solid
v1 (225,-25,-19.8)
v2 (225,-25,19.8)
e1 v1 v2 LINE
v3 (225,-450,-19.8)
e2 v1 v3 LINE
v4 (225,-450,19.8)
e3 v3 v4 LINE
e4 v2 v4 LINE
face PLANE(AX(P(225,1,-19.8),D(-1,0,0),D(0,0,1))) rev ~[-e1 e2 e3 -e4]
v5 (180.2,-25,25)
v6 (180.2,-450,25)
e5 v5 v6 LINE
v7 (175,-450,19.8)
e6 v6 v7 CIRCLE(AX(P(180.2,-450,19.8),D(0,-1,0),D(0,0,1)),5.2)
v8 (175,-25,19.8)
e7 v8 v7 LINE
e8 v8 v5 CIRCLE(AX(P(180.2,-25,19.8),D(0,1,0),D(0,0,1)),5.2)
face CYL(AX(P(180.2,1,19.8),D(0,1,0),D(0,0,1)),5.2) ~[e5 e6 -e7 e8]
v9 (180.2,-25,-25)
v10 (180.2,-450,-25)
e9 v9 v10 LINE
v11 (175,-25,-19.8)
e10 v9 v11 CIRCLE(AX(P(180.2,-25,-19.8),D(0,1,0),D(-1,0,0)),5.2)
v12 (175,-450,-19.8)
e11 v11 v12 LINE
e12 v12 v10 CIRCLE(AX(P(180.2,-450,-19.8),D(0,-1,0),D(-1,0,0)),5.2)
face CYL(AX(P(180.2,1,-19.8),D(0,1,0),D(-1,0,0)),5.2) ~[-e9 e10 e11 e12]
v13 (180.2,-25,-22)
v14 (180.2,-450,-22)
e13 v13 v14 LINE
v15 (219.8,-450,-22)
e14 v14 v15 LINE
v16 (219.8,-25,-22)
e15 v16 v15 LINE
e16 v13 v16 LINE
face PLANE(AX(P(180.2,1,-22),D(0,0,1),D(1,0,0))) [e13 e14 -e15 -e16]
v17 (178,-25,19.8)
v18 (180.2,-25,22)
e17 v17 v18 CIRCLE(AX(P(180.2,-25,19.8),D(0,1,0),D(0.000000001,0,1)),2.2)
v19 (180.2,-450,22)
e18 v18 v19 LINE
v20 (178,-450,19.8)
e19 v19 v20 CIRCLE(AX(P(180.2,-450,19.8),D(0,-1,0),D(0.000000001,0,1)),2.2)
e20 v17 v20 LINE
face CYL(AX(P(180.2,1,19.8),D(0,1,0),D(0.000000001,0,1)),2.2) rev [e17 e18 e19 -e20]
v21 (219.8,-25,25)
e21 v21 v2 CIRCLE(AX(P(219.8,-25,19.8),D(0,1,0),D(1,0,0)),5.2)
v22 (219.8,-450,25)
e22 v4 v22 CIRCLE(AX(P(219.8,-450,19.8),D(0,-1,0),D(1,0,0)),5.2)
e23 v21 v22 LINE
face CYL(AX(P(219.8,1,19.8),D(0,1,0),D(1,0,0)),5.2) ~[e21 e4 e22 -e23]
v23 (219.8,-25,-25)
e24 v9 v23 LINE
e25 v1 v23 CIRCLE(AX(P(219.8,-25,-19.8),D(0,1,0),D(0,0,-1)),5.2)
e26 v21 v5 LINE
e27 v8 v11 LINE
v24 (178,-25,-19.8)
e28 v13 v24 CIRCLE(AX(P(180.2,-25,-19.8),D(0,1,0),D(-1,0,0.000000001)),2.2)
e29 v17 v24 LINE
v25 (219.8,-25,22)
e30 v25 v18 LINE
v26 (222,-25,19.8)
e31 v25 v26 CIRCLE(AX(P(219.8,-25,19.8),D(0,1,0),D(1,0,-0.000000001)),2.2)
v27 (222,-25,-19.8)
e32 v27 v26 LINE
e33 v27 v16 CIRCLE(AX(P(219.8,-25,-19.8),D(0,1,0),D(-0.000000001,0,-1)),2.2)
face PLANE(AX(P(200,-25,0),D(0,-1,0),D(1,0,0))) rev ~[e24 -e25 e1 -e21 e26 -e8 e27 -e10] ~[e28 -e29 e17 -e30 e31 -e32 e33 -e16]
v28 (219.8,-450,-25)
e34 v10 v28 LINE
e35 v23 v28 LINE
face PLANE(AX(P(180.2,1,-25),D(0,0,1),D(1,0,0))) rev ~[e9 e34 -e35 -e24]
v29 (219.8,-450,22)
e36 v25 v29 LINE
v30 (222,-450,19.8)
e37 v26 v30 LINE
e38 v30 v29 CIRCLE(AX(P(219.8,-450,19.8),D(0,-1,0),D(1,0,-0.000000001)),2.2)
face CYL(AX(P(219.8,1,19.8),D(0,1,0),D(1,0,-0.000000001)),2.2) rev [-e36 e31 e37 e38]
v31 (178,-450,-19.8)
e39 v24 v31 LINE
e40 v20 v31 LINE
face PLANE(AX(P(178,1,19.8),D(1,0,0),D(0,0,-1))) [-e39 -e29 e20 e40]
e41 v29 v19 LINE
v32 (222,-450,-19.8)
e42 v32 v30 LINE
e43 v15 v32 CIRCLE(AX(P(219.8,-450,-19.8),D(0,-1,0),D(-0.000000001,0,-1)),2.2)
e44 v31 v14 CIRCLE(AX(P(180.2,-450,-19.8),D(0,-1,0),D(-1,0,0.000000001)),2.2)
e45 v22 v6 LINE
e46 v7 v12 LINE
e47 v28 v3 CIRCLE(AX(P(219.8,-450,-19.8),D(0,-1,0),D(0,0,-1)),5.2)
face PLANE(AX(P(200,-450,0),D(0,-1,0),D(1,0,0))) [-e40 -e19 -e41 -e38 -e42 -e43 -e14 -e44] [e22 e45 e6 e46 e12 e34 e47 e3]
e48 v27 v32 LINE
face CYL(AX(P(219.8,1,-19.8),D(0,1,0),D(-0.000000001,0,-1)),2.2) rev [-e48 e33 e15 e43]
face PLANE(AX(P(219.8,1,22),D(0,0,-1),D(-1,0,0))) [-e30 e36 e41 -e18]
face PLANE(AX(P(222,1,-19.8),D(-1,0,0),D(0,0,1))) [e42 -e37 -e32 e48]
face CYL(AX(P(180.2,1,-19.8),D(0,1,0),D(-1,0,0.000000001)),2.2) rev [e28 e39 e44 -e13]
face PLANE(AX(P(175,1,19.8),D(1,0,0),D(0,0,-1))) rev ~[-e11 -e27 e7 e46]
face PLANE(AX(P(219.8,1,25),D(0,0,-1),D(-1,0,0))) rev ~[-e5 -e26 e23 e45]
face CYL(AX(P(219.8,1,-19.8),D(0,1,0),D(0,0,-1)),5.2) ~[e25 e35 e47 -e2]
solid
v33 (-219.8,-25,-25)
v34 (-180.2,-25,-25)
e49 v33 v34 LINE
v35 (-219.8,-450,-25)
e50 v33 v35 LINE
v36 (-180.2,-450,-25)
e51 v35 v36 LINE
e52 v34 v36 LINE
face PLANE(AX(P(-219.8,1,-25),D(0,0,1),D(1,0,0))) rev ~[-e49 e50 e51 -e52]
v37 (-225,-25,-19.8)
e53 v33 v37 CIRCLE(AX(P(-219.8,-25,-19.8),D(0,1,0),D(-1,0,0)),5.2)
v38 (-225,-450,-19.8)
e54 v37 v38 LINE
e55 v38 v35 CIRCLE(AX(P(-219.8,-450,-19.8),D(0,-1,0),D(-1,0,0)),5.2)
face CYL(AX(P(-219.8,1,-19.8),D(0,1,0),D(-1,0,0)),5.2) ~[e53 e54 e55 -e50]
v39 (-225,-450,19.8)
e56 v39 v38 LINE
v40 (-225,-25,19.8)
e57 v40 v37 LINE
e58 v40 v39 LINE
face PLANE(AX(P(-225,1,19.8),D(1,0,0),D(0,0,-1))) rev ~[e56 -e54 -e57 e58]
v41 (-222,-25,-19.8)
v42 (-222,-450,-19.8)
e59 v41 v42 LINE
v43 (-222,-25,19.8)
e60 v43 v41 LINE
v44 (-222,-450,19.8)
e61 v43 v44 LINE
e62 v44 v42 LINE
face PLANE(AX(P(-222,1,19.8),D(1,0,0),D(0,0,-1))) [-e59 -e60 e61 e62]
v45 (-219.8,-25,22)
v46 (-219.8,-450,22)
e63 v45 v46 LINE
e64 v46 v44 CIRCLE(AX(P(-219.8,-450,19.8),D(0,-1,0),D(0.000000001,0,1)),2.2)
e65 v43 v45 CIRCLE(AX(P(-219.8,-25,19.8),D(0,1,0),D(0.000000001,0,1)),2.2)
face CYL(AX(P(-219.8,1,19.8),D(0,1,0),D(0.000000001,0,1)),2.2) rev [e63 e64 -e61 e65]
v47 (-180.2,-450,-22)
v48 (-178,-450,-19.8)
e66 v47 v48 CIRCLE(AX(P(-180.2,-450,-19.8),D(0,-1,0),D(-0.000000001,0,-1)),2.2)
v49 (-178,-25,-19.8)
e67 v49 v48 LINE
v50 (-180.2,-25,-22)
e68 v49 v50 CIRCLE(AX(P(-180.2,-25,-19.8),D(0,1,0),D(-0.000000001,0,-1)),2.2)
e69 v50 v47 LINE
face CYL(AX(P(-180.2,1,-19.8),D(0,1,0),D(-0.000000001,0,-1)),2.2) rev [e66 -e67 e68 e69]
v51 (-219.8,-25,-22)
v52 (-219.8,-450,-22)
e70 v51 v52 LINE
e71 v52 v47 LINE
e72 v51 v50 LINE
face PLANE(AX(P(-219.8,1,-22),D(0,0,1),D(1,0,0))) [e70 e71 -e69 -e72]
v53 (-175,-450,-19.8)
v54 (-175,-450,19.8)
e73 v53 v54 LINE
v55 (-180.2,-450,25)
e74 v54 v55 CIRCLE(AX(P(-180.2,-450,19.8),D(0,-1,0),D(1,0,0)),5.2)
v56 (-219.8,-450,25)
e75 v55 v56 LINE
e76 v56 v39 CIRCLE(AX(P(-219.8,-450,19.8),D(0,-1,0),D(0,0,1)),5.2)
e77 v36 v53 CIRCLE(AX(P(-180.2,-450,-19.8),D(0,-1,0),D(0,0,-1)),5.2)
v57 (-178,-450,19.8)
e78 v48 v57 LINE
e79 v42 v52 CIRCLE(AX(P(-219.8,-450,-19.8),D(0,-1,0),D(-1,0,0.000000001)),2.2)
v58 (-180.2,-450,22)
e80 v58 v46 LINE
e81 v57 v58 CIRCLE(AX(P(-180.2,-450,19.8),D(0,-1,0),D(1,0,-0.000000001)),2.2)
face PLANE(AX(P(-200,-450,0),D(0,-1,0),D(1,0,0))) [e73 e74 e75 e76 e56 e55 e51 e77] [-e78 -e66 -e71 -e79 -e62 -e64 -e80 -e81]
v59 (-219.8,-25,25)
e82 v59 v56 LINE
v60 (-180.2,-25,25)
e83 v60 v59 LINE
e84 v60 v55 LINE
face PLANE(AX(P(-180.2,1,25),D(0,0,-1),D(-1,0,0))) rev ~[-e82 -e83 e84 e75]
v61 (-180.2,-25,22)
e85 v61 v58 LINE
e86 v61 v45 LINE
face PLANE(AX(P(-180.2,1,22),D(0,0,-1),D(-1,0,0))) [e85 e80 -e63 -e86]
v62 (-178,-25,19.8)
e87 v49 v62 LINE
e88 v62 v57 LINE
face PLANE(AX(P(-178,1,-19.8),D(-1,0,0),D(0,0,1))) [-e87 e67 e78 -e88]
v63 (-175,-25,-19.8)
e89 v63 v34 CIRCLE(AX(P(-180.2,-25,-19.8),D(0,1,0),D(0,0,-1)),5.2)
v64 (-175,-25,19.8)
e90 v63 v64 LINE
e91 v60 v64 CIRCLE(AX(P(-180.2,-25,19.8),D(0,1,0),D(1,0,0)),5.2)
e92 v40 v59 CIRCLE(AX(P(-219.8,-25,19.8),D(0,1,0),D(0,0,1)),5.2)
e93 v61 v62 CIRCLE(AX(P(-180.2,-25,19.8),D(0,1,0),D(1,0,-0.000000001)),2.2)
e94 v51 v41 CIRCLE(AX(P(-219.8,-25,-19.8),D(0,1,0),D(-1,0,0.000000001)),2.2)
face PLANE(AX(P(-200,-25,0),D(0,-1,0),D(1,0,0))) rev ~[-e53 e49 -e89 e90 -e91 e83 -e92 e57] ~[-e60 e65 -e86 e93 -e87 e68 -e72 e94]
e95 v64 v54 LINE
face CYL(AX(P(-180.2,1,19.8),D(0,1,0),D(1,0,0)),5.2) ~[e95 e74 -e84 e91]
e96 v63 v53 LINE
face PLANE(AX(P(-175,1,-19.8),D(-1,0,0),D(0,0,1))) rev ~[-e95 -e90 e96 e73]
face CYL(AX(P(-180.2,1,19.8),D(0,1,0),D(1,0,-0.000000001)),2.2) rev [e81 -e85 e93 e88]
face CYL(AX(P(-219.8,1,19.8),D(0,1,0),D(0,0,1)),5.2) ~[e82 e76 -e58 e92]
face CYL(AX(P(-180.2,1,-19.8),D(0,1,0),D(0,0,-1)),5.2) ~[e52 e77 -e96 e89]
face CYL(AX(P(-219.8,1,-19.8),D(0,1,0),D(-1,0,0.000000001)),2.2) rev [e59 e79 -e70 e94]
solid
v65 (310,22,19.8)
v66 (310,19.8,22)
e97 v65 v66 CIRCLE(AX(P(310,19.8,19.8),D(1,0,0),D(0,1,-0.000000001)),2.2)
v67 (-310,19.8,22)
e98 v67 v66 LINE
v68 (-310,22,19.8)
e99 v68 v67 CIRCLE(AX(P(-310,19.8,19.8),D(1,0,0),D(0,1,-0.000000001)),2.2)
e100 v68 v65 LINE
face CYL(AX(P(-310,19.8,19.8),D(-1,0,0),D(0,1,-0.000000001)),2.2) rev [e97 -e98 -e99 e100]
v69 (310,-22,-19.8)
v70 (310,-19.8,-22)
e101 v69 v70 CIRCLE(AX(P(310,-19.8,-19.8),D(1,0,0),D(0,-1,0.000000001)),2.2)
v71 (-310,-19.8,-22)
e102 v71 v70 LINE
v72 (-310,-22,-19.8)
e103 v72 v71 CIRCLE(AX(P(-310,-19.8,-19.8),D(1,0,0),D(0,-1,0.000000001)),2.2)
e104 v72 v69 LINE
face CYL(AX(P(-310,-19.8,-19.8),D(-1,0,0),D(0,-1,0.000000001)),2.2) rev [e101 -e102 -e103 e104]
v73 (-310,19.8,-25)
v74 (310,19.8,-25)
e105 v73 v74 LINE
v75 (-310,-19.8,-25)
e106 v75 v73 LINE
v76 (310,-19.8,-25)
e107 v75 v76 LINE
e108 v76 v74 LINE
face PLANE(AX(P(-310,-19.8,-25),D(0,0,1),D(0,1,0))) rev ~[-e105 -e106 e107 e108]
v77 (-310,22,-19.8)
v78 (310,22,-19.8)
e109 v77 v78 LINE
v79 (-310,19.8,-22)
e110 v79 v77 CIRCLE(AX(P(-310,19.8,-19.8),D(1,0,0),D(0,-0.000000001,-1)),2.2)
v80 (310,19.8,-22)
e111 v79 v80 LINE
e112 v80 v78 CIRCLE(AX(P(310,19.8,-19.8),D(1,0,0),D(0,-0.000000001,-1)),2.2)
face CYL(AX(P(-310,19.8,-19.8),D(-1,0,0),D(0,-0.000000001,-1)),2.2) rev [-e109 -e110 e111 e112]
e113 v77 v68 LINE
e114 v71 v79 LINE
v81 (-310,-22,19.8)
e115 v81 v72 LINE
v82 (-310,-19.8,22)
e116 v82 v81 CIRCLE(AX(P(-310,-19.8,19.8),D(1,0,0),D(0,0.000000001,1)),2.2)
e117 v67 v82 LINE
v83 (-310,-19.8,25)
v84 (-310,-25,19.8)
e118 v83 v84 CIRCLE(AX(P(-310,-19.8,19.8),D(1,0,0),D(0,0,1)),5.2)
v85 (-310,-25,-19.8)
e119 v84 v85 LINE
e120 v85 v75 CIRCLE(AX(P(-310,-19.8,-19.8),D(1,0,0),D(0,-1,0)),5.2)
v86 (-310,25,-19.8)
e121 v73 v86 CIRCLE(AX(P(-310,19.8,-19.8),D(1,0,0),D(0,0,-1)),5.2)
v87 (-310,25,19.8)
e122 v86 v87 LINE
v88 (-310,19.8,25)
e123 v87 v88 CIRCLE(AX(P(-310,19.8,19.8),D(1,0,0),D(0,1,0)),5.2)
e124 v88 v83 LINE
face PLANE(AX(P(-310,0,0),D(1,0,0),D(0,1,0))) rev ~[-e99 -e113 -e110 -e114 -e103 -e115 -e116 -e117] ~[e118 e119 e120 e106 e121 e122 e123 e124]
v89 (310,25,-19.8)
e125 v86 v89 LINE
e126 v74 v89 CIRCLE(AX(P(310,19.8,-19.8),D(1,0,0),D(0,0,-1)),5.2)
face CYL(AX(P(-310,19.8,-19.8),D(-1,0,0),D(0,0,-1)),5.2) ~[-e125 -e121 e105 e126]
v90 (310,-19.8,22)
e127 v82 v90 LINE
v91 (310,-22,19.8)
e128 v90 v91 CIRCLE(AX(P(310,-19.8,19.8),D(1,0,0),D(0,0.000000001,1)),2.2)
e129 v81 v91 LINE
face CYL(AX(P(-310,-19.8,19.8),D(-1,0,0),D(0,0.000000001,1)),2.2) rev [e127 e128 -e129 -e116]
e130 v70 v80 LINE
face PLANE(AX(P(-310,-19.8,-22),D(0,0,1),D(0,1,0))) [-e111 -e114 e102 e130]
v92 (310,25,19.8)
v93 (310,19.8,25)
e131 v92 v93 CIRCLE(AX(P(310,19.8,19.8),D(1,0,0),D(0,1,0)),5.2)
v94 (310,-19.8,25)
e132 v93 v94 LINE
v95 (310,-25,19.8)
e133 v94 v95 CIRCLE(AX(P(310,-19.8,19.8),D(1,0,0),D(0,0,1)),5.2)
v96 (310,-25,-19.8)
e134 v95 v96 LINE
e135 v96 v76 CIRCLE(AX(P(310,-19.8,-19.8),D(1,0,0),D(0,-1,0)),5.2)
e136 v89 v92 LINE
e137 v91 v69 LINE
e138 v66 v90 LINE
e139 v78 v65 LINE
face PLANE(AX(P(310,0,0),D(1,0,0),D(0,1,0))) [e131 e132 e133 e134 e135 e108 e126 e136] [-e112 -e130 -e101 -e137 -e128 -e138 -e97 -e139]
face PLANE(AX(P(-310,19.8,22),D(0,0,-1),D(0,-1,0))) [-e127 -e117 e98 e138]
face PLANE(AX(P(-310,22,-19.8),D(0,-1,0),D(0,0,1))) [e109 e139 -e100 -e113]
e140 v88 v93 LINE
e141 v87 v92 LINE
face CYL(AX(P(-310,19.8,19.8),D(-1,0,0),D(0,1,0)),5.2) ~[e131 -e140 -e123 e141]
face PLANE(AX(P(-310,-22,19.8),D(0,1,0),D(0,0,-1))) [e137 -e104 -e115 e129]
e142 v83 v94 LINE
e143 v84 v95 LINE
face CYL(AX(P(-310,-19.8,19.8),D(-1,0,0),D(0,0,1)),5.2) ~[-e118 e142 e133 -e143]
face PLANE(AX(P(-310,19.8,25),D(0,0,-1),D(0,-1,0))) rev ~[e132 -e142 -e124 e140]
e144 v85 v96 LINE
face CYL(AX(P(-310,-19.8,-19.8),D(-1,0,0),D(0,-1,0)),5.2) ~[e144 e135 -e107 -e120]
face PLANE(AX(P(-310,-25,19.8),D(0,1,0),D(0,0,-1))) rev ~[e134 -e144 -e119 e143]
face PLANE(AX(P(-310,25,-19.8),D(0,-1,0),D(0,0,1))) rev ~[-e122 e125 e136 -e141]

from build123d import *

# Parameters (mm, degrees)
F_50X50XT2_50_X_30_X_2_6_1_DEPTH   = 620
F_50X50XT2_50_X_30_X_2_6_1_2_DEPTH = 451
F_50X50XT2_50_X_30_X_2_6_1_3_DEPTH = 451


with BuildPart() as part:
    # Sketch17 → 50x50xt2 50 X 30 X 2.6(1) (new body)
    with BuildSketch(Plane.YZ.offset(-310)):
        with BuildLine():
            Line((-19.8, -25), (19.8, -25))
            ThreePointArc((19.8, -25), (23.476955262, -23.476955262), (25, -19.8))
            Line((25, -19.8), (25, 19.8))
            ThreePointArc((25, 19.8), (23.476955262, 23.476955262), (19.8, 25))
            Line((19.8, 25), (-19.8, 25))
            ThreePointArc((-19.8, 25), (-23.476955262, 23.476955262), (-25, 19.8))
            Line((-25, 19.8), (-25, -19.8))
            ThreePointArc((-25, -19.8), (-23.476955262, -23.476955262), (-19.8, -25))
        make_face()
        with BuildLine():
            Line((-19.8, -22), (19.8, -22))
            ThreePointArc((19.8, -22), (21.355634919, -21.355634919), (22, -19.8))
            Line((22, -19.8), (22, 19.8))
            ThreePointArc((22, 19.8), (21.355634919, 21.355634919), (19.8, 22))
            Line((19.8, 22), (-19.8, 22))
            ThreePointArc((-19.8, 22), (-21.355634919, 21.355634919), (-22, 19.8))
            Line((-22, 19.8), (-22, -19.8))
            ThreePointArc((-22, -19.8), (-21.355634919, -21.355634919), (-19.8, -22))
        make_face(mode=Mode.SUBTRACT)
    extrude(amount=F_50X50XT2_50_X_30_X_2_6_1_DEPTH)


with BuildPart() as body_2:
    # Sketch17 on segment 2 (carried to segment 2) → 50x50xt2 50 X 30 X 2.6_1 2 (new body)
    with BuildSketch(Plane(origin=(-200, 1, 0), x_dir=(1, 0, 0), z_dir=(0, -1, 0))):
        with BuildLine():
            Line((-19.8, -25), (19.8, -25))
            ThreePointArc((19.8, -25), (23.476955262, -23.476955262), (25, -19.8))
            Line((25, -19.8), (25, 19.8))
            ThreePointArc((25, 19.8), (23.476955262, 23.476955262), (19.8, 25))
            Line((19.8, 25), (-19.8, 25))
            ThreePointArc((-19.8, 25), (-23.476955262, 23.476955262), (-25, 19.8))
            Line((-25, 19.8), (-25, -19.8))
            ThreePointArc((-25, -19.8), (-23.476955262, -23.476955262), (-19.8, -25))
        make_face()
        with BuildLine():
            Line((-19.8, -22), (19.8, -22))
            ThreePointArc((19.8, -22), (21.355634919, -21.355634919), (22, -19.8))
            Line((22, -19.8), (22, 19.8))
            ThreePointArc((22, 19.8), (21.355634919, 21.355634919), (19.8, 22))
            Line((19.8, 22), (-19.8, 22))
            ThreePointArc((-19.8, 22), (-21.355634919, 21.355634919), (-22, 19.8))
            Line((-22, 19.8), (-22, -19.8))
            ThreePointArc((-22, -19.8), (-21.355634919, -21.355634919), (-19.8, -22))
        make_face(mode=Mode.SUBTRACT)
    extrude(amount=F_50X50XT2_50_X_30_X_2_6_1_2_DEPTH)

    # 50x50xt2 50 X 30 X 2.6_1 2 end butt 1
    split(bisect_by=Plane(origin=(-200, -25, 0), x_dir=(1, 0, 0), z_dir=(0, -1, 0)), keep=Keep.TOP)


with BuildPart() as body_3:
    # Sketch17 on segment 3 (carried to segment 3) → 50x50xt2 50 X 30 X 2.6_1 3 (new body)
    with BuildSketch(Plane(origin=(200, 1, 0), x_dir=(1, 0, 0), z_dir=(0, -1, 0))):
        with BuildLine():
            Line((-19.8, -25), (19.8, -25))
            ThreePointArc((19.8, -25), (23.476955262, -23.476955262), (25, -19.8))
            Line((25, -19.8), (25, 19.8))
            ThreePointArc((25, 19.8), (23.476955262, 23.476955262), (19.8, 25))
            Line((19.8, 25), (-19.8, 25))
            ThreePointArc((-19.8, 25), (-23.476955262, 23.476955262), (-25, 19.8))
            Line((-25, 19.8), (-25, -19.8))
            ThreePointArc((-25, -19.8), (-23.476955262, -23.476955262), (-19.8, -25))
        make_face()
        with BuildLine():
            Line((-19.8, -22), (19.8, -22))
            ThreePointArc((19.8, -22), (21.355634919, -21.355634919), (22, -19.8))
            Line((22, -19.8), (22, 19.8))
            ThreePointArc((22, 19.8), (21.355634919, 21.355634919), (19.8, 22))
            Line((19.8, 22), (-19.8, 22))
            ThreePointArc((-19.8, 22), (-21.355634919, 21.355634919), (-22, 19.8))
            Line((-22, 19.8), (-22, -19.8))
            ThreePointArc((-22, -19.8), (-21.355634919, -21.355634919), (-19.8, -22))
        make_face(mode=Mode.SUBTRACT)
    extrude(amount=F_50X50XT2_50_X_30_X_2_6_1_3_DEPTH)

    # 50x50xt2 50 X 30 X 2.6_1 3 end butt 1
    split(bisect_by=Plane(origin=(200, -25, 0), x_dir=(1, 0, 0), z_dir=(0, -1, 0)), keep=Keep.TOP)


solid = Compound([part.part, body_2.part, body_3.part])
